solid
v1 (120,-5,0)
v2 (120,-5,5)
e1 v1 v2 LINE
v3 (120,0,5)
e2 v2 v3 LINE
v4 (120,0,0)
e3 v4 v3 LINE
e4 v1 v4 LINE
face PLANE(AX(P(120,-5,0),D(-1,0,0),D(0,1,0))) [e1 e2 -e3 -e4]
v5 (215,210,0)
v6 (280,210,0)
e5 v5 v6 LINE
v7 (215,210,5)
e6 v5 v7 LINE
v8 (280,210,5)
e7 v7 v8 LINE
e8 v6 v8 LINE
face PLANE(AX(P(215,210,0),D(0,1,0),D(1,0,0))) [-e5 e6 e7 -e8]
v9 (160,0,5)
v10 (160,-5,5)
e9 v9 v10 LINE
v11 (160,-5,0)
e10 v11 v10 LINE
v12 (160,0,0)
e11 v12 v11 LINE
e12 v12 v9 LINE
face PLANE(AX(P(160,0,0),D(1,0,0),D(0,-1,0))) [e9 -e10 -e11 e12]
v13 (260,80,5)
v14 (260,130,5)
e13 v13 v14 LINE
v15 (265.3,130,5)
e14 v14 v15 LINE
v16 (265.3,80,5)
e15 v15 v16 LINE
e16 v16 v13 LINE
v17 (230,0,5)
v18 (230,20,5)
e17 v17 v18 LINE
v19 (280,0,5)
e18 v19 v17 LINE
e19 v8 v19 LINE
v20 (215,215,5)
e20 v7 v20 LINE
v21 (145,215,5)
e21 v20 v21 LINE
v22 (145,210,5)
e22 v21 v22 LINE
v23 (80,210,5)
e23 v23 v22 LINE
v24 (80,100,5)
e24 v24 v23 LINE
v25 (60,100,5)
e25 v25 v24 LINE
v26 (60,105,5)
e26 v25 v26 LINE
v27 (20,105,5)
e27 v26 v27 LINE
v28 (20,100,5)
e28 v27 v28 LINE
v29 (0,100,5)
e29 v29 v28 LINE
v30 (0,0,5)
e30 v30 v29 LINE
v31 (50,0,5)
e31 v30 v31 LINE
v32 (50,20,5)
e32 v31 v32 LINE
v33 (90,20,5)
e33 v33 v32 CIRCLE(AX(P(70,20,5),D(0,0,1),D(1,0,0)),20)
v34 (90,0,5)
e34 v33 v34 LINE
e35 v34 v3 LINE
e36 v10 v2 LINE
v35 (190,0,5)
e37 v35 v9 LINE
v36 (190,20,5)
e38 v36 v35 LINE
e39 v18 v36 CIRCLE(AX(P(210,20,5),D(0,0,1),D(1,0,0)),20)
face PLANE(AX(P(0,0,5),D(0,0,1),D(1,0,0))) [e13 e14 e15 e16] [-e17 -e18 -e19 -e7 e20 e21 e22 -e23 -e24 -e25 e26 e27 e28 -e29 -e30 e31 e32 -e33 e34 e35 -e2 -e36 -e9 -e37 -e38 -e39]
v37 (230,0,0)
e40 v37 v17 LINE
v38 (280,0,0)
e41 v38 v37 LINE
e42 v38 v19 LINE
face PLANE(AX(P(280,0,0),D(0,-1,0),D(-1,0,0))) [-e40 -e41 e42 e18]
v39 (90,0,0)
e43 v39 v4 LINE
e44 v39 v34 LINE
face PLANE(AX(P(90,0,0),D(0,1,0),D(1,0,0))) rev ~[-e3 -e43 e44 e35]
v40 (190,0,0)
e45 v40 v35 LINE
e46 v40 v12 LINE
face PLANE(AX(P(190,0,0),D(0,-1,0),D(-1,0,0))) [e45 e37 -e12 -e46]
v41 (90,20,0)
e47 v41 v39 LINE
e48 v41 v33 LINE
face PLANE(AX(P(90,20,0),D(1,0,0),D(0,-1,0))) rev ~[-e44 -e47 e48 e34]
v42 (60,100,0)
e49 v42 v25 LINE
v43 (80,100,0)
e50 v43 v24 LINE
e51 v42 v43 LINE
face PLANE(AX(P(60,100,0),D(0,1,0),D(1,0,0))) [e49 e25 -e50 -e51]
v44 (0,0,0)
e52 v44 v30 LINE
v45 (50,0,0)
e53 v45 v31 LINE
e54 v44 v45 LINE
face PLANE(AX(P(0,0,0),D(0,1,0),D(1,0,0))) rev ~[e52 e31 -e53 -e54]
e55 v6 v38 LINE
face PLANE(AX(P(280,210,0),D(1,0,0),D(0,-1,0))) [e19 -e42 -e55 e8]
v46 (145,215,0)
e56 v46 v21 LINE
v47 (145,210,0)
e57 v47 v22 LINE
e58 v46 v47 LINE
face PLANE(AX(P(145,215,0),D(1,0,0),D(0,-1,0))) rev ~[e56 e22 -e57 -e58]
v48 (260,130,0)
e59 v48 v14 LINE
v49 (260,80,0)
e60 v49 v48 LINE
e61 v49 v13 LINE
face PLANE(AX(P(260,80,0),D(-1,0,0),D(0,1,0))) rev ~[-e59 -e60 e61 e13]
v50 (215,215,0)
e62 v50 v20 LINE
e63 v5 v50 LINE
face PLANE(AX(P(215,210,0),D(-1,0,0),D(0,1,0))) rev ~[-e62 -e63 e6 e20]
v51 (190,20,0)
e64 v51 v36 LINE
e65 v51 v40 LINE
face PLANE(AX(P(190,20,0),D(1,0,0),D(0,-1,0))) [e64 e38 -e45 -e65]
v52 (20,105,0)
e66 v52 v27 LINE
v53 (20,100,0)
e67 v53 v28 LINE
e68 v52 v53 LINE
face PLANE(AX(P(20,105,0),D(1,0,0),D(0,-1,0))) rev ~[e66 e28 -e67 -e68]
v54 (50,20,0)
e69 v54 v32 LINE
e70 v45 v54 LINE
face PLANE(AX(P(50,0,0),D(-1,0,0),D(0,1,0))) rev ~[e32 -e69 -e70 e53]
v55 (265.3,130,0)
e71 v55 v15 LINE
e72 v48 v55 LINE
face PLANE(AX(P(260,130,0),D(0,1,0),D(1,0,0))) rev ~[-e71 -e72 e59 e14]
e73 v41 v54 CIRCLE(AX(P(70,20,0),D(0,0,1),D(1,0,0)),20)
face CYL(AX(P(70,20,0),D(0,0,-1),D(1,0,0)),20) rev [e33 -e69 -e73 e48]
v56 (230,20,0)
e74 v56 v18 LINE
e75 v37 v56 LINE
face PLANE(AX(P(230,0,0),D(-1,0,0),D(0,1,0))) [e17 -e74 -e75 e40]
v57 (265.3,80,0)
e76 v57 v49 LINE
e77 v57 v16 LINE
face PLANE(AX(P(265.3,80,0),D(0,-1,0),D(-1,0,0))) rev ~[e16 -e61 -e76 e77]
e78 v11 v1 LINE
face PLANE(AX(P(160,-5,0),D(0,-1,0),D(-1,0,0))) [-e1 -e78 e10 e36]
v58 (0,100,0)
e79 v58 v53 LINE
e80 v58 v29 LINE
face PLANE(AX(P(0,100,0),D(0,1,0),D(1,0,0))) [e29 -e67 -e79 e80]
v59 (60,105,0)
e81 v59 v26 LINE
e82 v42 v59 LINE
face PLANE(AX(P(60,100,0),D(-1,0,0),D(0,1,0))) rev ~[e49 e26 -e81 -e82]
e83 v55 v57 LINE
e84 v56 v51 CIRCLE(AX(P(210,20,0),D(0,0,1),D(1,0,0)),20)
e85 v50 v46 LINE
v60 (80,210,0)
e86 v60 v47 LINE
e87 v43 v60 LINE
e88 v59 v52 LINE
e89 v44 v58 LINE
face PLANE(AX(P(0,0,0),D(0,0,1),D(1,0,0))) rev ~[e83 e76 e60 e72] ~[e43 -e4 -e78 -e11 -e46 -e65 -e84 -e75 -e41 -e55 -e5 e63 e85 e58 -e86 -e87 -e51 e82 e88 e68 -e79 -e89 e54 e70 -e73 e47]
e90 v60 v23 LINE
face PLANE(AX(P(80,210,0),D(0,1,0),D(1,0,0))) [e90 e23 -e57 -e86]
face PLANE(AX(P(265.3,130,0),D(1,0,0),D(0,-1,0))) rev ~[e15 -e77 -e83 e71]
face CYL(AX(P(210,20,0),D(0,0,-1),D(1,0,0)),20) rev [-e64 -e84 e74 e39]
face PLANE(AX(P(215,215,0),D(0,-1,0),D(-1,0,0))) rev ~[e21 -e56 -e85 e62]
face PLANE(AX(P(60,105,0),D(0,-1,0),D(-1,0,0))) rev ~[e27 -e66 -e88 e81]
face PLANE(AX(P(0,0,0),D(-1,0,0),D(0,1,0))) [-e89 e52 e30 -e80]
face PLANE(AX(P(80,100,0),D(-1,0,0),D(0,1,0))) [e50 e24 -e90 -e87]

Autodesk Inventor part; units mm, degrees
ref_plane "YZ Plane" through (0, 0, 0) normal (1, 0, 0) x (0, 1, 0)
ref_plane "XZ Plane" through (0, 0, 0) normal (0, 1, 0) x (-1, 0, 0)
ref_plane "XY Plane" through (0, 0, 0) normal (0, 0, 1) x (1, 0, 0)
sketch "Sketch1" plane through (0, 0, 0) normal (0, 0, 1) x (1, 0, 0)
  line L0 (0, 0) -> (0, 100)
  line L1 (0, 100) -> (80, 100)
  line L2 (80, 100) -> (80, 210)
  line L3 (80, 210) -> (280, 210)
  line L4 (280, 210) -> (280, 0)
  line L5 (0, 0) -> (50, 0)
  line L6 (50, 0) -> (50, 20)
  arc A0 (90, 20) -> (50, 20) centre (70, 20) ccw
  line L7 (90, 20) -> (90, 0)
  line L8 (140, 0) -> (140, 210) construction
  line L9 (90, 0) -> (140, 0)
  line L10 (280, 0) -> (230, 0)
  line L11 (230, 0) -> (230, 20)
  arc A1 (230, 20) -> (190, 20) centre (210, 20) ccw
  line L12 (190, 20) -> (190, 0)
  line L13 (190, 0) -> (140, 0)
  line L14 (145, 210) -> (215, 210)
  line L15 (215, 210) -> (215, 215)
  line L16 (215, 215) -> (145, 215)
  line L17 (145, 215) -> (145, 210)
  line L18 (265.3, 80) -> (260, 80)
  line L19 (260, 80) -> (260, 130)
  line L20 (260, 130) -> (265.3, 130)
  line L21 (265.3, 130) -> (265.3, 80)
  line L22 (9.7, 20) -> (15, 20)
  line L23 (15, 20) -> (15, 60)
  line L24 (15, 60) -> (9.7, 60)
  line L25 (9.7, 60) -> (9.7, 20)
  line L26 (20, 100) -> (60, 100)
  line L27 (60, 100) -> (60, 105)
  line L28 (60, 105) -> (20, 105)
  line L29 (20, 105) -> (20, 100)
  line L30 (160, 0) -> (160, -5)
  line L31 (160, -5) -> (120, -5)
  line L32 (120, -5) -> (120, 0)
  dimension "d0" = 100
  dimension "d1" = 80
  dimension "d2" = 110
  dimension "d3" = 200
  dimension "d4" = 50
  dimension "d5" = 20
  dimension "d6" = 40
  dimension "d7" = 70
  dimension "d8" = 5
  dimension "d9" = 5.3
  dimension "d10" = 50
  dimension "d12" = 50
  dimension "d13" = 5.3
  dimension "d14" = 40
  dimension "d17" = 40
  dimension "d18" = 5
  dimension "d19" = 40
  dimension "d20" = 5
  dimension "d21" = 20
extrude "Extrusion1" add sketch "Sketch1" along normal blind 5 contours L0 L1 L2 L3 L4 L10 L11 A1 L12 L13 L9 L7 A0 L6 L5 | L29 L28 L27 L1 | L9 L13 L30 L31 L32 | L17 L16 L15 L3 | L25 L24 L23 L22
properties part number "side"
